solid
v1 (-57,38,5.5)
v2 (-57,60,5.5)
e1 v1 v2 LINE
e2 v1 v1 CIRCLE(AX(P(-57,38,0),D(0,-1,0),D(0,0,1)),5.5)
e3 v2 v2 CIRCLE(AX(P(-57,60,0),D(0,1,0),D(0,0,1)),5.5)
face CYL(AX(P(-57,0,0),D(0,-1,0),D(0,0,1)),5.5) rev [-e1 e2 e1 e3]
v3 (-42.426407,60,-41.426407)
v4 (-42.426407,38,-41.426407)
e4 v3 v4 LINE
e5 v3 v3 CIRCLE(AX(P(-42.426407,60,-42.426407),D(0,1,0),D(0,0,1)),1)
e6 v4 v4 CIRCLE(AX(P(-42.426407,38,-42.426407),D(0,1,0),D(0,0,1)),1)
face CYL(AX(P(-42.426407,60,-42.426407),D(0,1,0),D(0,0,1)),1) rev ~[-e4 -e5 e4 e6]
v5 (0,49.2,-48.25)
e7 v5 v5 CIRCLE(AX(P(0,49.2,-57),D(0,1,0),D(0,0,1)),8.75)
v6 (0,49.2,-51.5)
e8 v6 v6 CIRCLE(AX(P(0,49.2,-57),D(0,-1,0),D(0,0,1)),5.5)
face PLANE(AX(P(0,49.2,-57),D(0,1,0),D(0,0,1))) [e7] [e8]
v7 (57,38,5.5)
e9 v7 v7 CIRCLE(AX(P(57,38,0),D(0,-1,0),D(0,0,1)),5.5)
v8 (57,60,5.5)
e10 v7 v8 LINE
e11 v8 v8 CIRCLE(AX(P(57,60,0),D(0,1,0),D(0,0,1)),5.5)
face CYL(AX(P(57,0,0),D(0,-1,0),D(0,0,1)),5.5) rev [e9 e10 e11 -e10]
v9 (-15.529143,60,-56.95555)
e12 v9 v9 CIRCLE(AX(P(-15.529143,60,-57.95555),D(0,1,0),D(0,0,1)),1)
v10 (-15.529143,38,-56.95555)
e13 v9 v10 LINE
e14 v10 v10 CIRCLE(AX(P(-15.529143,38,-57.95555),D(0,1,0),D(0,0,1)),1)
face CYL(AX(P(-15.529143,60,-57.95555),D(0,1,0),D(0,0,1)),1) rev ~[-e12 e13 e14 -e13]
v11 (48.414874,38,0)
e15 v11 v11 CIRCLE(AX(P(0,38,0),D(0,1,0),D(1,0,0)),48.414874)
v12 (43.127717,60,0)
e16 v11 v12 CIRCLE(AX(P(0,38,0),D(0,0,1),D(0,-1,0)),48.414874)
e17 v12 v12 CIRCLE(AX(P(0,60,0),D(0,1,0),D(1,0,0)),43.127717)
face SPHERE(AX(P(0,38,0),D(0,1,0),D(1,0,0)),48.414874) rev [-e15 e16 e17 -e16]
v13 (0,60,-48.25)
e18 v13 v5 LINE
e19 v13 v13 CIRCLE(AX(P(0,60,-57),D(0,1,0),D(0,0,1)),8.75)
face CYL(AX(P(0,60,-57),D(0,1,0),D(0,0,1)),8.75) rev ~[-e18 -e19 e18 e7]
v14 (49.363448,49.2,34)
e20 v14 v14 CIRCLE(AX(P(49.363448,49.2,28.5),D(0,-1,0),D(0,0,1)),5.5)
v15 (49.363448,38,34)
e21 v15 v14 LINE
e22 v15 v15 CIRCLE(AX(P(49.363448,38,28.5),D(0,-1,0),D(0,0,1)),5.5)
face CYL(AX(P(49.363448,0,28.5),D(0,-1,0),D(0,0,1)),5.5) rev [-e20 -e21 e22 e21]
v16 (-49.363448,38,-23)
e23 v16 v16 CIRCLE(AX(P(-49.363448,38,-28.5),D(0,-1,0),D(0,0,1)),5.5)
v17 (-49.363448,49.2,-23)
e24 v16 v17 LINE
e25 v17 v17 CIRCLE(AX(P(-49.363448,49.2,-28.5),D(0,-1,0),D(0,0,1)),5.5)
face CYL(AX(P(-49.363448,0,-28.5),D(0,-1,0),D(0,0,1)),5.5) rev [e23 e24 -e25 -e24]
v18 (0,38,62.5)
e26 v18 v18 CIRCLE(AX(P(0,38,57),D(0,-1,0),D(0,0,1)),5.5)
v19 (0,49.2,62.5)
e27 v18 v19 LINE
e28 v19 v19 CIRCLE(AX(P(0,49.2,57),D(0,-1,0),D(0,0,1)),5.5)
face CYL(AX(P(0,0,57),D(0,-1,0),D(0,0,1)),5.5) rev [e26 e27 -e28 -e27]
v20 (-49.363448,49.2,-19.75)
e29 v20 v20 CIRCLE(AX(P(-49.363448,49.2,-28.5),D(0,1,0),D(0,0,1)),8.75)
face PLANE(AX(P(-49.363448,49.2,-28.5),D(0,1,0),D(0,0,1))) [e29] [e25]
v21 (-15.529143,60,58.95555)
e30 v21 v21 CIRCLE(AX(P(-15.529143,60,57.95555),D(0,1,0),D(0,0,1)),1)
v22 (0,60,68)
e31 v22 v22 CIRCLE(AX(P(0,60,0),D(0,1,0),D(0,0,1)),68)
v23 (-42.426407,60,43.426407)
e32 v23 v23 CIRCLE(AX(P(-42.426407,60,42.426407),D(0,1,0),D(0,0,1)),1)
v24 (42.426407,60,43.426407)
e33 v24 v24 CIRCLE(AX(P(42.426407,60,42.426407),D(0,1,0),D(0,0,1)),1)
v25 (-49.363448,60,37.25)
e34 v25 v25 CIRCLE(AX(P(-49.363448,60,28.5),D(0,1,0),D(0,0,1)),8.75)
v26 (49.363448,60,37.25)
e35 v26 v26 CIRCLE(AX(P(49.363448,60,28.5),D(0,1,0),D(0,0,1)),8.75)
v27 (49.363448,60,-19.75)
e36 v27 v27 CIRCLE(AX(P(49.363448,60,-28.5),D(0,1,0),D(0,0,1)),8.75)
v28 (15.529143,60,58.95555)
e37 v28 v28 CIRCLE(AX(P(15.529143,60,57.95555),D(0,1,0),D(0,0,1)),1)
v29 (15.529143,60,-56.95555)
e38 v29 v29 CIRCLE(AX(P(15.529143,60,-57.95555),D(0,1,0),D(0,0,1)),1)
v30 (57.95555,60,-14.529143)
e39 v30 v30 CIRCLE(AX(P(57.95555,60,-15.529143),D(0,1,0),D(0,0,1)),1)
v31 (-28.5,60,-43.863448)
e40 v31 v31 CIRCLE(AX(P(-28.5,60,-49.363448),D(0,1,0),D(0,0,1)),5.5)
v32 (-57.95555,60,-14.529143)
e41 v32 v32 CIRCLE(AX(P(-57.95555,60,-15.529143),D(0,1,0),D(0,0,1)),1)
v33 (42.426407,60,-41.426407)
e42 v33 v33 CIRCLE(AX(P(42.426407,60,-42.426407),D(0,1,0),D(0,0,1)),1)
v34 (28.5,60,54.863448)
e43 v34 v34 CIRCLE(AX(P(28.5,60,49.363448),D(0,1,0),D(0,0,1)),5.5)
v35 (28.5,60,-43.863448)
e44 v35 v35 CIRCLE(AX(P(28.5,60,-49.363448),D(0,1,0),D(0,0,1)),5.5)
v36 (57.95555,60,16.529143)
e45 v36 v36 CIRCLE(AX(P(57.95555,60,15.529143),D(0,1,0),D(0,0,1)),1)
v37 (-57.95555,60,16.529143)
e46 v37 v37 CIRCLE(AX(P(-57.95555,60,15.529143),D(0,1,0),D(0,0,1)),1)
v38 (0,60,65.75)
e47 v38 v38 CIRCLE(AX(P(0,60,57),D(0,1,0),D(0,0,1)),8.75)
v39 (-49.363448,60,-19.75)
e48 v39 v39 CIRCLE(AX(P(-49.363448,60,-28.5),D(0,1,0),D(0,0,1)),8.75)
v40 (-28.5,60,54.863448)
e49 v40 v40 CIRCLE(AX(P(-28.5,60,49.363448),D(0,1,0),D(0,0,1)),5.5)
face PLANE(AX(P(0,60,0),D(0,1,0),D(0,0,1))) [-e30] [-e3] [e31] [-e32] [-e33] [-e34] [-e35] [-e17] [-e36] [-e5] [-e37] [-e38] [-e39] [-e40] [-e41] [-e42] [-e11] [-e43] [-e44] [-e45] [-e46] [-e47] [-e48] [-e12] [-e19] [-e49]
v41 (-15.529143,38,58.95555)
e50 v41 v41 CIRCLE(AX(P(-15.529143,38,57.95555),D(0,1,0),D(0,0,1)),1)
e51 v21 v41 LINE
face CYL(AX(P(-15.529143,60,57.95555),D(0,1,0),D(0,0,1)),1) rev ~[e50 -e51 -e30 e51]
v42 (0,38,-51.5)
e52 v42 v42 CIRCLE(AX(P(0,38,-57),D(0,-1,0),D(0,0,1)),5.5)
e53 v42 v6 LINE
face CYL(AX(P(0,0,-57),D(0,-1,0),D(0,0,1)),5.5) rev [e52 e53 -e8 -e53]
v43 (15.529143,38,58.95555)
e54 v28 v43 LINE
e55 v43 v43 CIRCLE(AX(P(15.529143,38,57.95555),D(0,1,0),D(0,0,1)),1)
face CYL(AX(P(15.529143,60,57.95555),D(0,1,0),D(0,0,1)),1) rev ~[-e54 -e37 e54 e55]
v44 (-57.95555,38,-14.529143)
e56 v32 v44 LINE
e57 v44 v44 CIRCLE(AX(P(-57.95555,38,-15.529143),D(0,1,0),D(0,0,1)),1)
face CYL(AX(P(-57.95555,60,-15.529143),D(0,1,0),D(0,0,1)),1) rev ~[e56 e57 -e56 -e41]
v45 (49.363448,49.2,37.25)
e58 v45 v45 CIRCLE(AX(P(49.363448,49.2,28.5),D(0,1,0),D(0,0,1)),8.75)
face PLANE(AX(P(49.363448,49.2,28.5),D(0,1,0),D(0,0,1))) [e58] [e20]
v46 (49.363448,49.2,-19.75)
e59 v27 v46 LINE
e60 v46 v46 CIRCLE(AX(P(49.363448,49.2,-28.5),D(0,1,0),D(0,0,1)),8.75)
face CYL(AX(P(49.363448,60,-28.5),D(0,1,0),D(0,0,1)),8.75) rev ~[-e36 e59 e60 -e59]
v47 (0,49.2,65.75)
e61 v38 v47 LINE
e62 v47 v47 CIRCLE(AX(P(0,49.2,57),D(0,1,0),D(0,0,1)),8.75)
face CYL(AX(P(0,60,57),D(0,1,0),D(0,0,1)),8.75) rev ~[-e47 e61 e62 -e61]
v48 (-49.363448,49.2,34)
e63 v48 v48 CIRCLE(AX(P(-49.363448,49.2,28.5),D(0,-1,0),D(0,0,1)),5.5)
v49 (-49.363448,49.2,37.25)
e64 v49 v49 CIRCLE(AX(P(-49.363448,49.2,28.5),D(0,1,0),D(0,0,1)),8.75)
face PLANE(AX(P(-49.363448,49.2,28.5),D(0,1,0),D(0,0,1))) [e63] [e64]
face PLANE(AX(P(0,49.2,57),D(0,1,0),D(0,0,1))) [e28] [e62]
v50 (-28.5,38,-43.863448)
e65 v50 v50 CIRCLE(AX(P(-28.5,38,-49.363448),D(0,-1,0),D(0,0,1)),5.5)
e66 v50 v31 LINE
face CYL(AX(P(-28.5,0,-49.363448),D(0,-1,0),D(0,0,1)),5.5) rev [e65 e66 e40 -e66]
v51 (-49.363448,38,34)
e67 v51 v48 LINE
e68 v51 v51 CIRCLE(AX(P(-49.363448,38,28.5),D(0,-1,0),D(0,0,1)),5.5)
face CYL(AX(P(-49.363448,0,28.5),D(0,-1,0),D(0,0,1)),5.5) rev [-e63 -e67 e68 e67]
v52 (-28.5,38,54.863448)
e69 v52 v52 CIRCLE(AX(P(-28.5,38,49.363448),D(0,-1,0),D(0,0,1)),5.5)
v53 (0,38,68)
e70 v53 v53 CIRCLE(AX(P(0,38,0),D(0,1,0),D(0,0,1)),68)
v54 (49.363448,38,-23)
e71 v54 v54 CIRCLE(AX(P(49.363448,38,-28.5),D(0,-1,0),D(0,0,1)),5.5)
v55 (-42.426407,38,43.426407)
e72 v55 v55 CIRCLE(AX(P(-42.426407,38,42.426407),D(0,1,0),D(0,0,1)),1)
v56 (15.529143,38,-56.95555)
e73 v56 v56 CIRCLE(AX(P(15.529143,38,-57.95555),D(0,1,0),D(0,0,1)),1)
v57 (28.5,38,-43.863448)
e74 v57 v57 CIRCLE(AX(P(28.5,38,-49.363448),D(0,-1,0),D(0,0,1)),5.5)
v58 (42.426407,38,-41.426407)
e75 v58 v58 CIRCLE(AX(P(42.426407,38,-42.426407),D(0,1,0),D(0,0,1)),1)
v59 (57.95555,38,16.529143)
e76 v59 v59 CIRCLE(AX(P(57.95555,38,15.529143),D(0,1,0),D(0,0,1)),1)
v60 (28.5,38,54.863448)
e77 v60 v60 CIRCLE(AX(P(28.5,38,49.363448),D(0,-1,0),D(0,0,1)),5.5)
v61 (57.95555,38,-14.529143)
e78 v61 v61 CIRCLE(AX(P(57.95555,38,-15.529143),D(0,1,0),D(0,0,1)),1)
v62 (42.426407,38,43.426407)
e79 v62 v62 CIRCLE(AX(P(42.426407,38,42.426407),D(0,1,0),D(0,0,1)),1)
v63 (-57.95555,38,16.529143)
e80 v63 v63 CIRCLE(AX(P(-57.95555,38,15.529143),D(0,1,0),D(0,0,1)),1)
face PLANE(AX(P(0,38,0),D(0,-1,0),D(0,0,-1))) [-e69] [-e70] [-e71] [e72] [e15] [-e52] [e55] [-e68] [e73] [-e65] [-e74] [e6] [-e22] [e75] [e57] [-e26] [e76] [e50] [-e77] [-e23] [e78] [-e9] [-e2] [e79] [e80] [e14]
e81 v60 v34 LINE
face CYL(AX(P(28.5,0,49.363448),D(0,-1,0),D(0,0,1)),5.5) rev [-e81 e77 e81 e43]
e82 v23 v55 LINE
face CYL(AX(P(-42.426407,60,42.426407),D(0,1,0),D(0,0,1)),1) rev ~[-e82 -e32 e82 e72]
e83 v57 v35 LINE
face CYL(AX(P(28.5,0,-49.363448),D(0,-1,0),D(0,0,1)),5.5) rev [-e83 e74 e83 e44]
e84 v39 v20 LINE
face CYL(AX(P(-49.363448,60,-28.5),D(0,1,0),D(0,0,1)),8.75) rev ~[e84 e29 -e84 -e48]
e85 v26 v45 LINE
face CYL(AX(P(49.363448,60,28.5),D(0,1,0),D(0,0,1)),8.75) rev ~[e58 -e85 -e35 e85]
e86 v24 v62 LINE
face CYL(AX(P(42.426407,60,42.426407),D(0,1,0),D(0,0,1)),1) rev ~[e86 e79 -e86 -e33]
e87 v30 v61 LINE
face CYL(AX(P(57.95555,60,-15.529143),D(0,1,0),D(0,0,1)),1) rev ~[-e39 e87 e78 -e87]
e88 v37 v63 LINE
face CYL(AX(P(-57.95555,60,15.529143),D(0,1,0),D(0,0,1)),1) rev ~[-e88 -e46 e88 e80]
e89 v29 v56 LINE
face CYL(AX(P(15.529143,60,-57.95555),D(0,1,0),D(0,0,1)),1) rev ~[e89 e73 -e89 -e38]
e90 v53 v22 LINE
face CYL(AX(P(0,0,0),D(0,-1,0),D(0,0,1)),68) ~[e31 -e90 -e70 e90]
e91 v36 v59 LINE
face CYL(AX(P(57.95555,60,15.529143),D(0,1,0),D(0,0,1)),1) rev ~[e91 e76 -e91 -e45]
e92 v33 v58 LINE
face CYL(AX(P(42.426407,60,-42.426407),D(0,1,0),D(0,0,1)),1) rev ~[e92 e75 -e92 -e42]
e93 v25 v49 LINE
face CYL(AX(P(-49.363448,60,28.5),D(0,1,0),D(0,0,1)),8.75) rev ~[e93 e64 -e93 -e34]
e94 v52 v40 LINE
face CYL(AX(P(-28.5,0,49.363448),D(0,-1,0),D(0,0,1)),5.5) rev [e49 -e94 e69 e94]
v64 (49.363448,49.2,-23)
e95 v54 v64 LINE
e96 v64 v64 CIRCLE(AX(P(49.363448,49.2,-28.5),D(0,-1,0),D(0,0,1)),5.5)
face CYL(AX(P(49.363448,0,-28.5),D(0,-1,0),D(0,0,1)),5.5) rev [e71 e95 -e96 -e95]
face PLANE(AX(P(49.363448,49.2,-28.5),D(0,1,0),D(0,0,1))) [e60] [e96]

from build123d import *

# Parameters (mm, degrees)
SKETCH_1_R          = 68
SKETCH_1_R_2        = 5.5
EXTRUDE_1_DEPTH     = 60
SKETCH_2_R          = 8.75
CUT_EXTRUDE_1_DEPTH = 10.8
SKETCH_4_R          = 8.75
CUT_EXTRUDE_2_DEPTH = 10.8
SKETCH_5_R          = 68
CUT_EXTRUDE_3_DEPTH = 38
SKETCH_11_R         = 1
CUT_EXTRUDE_4_DEPTH = 99.650899641


with BuildPart() as part:
    # 草图1 → 凸台-拉伸1 (new body)
    with BuildSketch(Plane(origin=(0, 0, 0), x_dir=(1, 0, 0), z_dir=(0, 1, 0))):
        Circle(SKETCH_1_R)
        with Locations((0, 57)):
            Circle(SKETCH_1_R_2, mode=Mode.SUBTRACT)
        with Locations((28.5, 49.363448016)):
            Circle(SKETCH_1_R_2, mode=Mode.SUBTRACT)
        with Locations((49.363448016, 28.5)):
            Circle(SKETCH_1_R_2, mode=Mode.SUBTRACT)
        with Locations((57, 0)):
            Circle(SKETCH_1_R_2, mode=Mode.SUBTRACT)
        with Locations((49.363448016, -28.5)):
            Circle(SKETCH_1_R_2, mode=Mode.SUBTRACT)
        with Locations((28.5, -49.363448016)):
            Circle(SKETCH_1_R_2, mode=Mode.SUBTRACT)
        with Locations((0, -57)):
            Circle(SKETCH_1_R_2, mode=Mode.SUBTRACT)
        with Locations((-28.5, -49.363448016)):
            Circle(SKETCH_1_R_2, mode=Mode.SUBTRACT)
        with Locations((-49.363448016, -28.5)):
            Circle(SKETCH_1_R_2, mode=Mode.SUBTRACT)
        with Locations((-57, 0)):
            Circle(SKETCH_1_R_2, mode=Mode.SUBTRACT)
        with Locations((-49.363448016, 28.5)):
            Circle(SKETCH_1_R_2, mode=Mode.SUBTRACT)
        with Locations((-28.5, 49.363448016)):
            Circle(SKETCH_1_R_2, mode=Mode.SUBTRACT)
    extrude(amount=EXTRUDE_1_DEPTH)

    # 草图2 → 切除-拉伸1 (cut)
    with BuildSketch(Plane(origin=(0, 60, 0), x_dir=(1, 0, 0), z_dir=(0, 1, 0))):
        with Locations((0, 57)):
            Circle(SKETCH_2_R)
        with Locations((49.363448016, 28.5)):
            Circle(SKETCH_2_R)
        with Locations((49.363448016, -28.5)):
            Circle(SKETCH_2_R)
        with Locations((0, -57)):
            Circle(SKETCH_2_R)
        with Locations((-49.363448016, -28.5)):
            Circle(SKETCH_2_R)
        with Locations((-49.363448016, 28.5)):
            Circle(SKETCH_2_R)
    extrude(amount=-CUT_EXTRUDE_1_DEPTH, mode=Mode.SUBTRACT)

    # 草图4 → 切除-拉伸2 (cut)
    with BuildSketch(Plane.XZ):
        with Locations((28.5, 49.363448016)):
            Circle(SKETCH_4_R)
        with Locations((57, 0)):
            Circle(SKETCH_4_R)
        with Locations((28.5, -49.363448016)):
            Circle(SKETCH_4_R)
        with Locations((-28.5, -49.363448016)):
            Circle(SKETCH_4_R)
        with Locations((-57, 0)):
            Circle(SKETCH_4_R)
        with Locations((-28.5, 49.363448016)):
            Circle(SKETCH_4_R)
    extrude(amount=-CUT_EXTRUDE_2_DEPTH, mode=Mode.SUBTRACT)

    # 草图5 → 切除-拉伸3 (cut)
    with BuildSketch(Plane.XZ):
        Circle(SKETCH_5_R)
    extrude(amount=-CUT_EXTRUDE_3_DEPTH, mode=Mode.SUBTRACT)

    # 草图10 → 切除-旋转6 (revolve, cut)
    with BuildSketch(Plane(origin=(0, 0, 0), x_dir=(-1, 0, 0), z_dir=(0, 0, -1))):
        with BuildLine():
            Line((0, 86.414873748), (0, -10.414873748))
            ThreePointArc((0, -10.414873748), (-48.414873748, 38), (0, 86.414873748))
        make_face()
    revolve(axis=Axis((0, 86.414873748, 0), (0, -1, 0)), mode=Mode.SUBTRACT)

    # 草图11 → 切除-拉伸4 (cut, through all)
    with BuildSketch(Plane(origin=(0, 60, 0), x_dir=(1, 0, 0), z_dir=(0, 1, 0))):
        with Locations((15.529142706, 57.955549577)):
            Circle(SKETCH_11_R)
        with Locations((42.426406871, 42.426406871)):
            Circle(SKETCH_11_R)
        with Locations((57.955549577, 15.529142706)):
            Circle(SKETCH_11_R)
        with Locations((57.955549577, -15.529142706)):
            Circle(SKETCH_11_R)
        with Locations((42.426406871, -42.426406871)):
            Circle(SKETCH_11_R)
        with Locations((15.529142706, -57.955549577)):
            Circle(SKETCH_11_R)
        with Locations((-15.529142706, -57.955549577)):
            Circle(SKETCH_11_R)
        with Locations((-42.426406871, -42.426406871)):
            Circle(SKETCH_11_R)
        with Locations((-57.955549577, -15.529142706)):
            Circle(SKETCH_11_R)
        with Locations((-57.955549577, 15.529142706)):
            Circle(SKETCH_11_R)
        with Locations((-42.426406871, 42.426406871)):
            Circle(SKETCH_11_R)
        with Locations((-15.529142706, 57.955549577)):
            Circle(SKETCH_11_R)
    extrude(amount=-CUT_EXTRUDE_4_DEPTH, mode=Mode.SUBTRACT)


solid = part.part
